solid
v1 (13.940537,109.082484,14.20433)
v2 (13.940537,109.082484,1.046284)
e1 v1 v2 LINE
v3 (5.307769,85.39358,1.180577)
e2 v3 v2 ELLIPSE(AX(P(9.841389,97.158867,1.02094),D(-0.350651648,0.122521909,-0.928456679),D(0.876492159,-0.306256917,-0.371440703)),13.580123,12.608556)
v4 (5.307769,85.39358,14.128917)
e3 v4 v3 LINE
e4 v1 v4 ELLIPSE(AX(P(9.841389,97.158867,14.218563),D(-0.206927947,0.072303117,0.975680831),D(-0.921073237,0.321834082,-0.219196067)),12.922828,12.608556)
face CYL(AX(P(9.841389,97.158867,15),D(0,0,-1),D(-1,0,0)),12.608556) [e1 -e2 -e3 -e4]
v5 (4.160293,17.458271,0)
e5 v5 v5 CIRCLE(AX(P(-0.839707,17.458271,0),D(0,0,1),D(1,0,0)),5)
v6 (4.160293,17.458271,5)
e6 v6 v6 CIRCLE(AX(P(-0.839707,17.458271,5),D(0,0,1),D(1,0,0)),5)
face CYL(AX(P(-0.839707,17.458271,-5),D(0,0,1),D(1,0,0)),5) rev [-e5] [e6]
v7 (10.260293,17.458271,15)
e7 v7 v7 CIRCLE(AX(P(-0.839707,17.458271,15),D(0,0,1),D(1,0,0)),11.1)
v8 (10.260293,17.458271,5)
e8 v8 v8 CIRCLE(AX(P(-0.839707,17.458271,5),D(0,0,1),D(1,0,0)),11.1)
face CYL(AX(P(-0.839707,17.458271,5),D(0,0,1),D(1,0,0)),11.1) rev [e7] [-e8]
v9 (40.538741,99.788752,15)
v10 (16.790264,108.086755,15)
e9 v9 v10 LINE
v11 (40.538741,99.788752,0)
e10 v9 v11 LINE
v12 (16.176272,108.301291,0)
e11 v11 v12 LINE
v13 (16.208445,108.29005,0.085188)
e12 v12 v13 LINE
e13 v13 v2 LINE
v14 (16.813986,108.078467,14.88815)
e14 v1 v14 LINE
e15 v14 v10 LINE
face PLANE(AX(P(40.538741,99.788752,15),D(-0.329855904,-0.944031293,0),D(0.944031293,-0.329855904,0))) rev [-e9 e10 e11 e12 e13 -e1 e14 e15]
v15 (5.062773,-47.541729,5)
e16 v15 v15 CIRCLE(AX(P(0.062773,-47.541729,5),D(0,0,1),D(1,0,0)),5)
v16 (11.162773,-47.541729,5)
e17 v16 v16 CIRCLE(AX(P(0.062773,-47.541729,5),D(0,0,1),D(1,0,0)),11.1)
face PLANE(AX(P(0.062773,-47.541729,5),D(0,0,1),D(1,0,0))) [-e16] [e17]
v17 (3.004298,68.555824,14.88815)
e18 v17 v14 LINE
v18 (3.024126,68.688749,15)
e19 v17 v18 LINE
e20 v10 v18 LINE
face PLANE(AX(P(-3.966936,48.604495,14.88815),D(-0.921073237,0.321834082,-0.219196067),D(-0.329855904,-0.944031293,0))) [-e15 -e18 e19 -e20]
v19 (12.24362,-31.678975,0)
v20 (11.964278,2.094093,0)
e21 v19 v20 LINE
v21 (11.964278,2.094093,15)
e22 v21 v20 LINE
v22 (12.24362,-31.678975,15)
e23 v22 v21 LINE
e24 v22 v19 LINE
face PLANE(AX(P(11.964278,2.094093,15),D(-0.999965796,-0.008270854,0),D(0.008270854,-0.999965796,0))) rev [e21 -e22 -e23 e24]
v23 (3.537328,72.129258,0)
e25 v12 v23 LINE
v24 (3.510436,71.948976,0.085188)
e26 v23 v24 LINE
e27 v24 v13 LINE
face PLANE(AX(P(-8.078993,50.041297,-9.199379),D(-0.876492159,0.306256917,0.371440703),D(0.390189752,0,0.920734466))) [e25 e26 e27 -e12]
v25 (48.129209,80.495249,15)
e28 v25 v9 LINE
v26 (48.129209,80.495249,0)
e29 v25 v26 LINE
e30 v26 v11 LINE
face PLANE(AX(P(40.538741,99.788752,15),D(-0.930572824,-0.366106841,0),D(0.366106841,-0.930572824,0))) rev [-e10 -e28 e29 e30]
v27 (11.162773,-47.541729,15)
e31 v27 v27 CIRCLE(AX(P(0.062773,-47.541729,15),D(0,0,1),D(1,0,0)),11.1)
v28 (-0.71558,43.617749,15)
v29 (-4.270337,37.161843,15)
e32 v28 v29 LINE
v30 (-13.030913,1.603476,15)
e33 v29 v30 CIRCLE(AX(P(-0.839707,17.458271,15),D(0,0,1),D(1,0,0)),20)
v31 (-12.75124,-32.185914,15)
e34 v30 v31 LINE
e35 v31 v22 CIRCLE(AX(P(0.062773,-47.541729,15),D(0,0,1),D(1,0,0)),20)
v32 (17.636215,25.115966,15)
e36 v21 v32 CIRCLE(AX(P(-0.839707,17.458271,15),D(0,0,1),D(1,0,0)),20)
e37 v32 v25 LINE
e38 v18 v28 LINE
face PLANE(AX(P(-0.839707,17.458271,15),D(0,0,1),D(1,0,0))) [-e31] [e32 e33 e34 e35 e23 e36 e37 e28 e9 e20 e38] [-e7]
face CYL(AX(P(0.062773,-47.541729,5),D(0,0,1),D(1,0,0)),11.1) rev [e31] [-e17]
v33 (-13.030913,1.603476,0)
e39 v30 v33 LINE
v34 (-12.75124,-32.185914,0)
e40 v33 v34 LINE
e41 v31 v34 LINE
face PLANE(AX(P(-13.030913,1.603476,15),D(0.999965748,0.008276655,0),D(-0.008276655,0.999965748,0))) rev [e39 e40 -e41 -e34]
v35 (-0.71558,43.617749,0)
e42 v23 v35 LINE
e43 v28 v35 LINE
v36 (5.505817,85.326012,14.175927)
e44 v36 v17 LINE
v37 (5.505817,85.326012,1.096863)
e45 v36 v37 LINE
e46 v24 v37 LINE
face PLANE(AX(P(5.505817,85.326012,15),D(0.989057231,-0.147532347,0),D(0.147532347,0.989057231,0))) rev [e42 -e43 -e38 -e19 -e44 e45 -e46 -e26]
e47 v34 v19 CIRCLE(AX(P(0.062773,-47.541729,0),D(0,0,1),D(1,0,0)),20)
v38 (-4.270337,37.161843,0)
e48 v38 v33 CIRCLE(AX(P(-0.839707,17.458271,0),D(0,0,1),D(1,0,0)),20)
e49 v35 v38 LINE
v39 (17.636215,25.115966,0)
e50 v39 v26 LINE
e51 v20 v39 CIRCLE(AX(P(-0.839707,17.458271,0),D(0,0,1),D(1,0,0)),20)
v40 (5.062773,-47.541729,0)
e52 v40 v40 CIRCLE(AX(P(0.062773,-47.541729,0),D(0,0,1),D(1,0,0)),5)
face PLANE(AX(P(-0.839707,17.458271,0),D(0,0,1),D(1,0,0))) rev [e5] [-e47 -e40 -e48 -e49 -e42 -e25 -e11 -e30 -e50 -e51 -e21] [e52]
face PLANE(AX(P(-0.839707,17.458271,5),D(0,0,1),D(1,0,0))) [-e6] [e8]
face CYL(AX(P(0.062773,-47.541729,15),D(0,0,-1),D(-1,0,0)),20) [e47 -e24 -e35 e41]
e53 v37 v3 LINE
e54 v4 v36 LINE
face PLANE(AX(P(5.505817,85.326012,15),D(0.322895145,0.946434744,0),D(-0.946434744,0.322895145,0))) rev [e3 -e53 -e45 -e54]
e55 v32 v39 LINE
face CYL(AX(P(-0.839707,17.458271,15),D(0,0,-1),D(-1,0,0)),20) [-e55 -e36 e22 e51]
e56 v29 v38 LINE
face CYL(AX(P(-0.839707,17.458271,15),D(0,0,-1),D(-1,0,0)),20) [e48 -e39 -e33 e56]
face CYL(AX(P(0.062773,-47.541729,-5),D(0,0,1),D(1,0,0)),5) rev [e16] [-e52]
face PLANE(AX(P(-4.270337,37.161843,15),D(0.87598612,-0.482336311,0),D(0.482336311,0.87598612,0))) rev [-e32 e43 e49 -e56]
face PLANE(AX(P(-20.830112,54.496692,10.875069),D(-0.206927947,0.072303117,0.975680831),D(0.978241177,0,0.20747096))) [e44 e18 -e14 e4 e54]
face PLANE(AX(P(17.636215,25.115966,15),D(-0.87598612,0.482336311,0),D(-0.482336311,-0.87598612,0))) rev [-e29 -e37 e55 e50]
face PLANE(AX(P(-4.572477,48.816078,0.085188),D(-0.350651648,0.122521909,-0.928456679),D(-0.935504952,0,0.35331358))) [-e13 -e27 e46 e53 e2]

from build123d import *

# Parameters (mm, degrees)
BOSS_EXTRUDE1_DEPTH     = 15
SKETCH2_R               = 11.1
CUT_EXTRUDE1_DEPTH      = 10
SKETCH3_R               = 5
CUT_EXTRUDE2_DEPTH      = 10
CUT_EXTRUDE_THIN3_DEPTH = 63


with BuildPart() as part:
    # Sketch1 → Boss-Extrude1 (new body)
    with BuildSketch(Plane.XY):
        with BuildLine():
            Line((5.505816945, 85.326012217), (5.307768654, 85.393580353))
            ThreePointArc((5.307768654, 85.393580353), (-2.005055015, 101.475976607), (13.940536847, 109.082484312))
            Line((13.940536847, 109.082484312), (40.538740524, 99.7887516))
            Line((40.538740524, 99.7887516), (48.129208704, 80.495248668))
            Line((48.129208704, 80.495248668), (17.636215156, 25.115965593))
            ThreePointArc((17.636215156, 25.115965593), (18.579608232, 12.6739017), (11.964278199, 2.09409296))
            Line((11.964278199, 2.09409296), (12.243619866, -31.678974911))
            ThreePointArc((12.243619866, -31.678974911), (0.468324559, -67.537617109), (-12.751239862, -32.185913949))
            Line((-12.751239862, -32.185913949), (-13.03091257, 1.603476045))
            ThreePointArc((-13.03091257, 1.603476045), (-20.259022529, 22.242640416), (-4.270337109, 37.161843413))
            Line((-4.270337109, 37.161843413), (-0.71558036, 43.617748767))
            Line((-0.71558036, 43.617748767), (5.505816945, 85.326012217))
        make_face()
    extrude(amount=BOSS_EXTRUDE1_DEPTH)

    # Sketch2 → Cut-Extrude1 (cut)
    with BuildSketch(Plane.XY.offset(15)):
        with Locations((-0.839707244, 17.458270673)):
            Circle(SKETCH2_R)
        with Locations((0.062773329, -47.541729327)):
            Circle(SKETCH2_R)
    extrude(amount=-CUT_EXTRUDE1_DEPTH, mode=Mode.SUBTRACT)

    # Sketch3 → Cut-Extrude2 (cut)
    with BuildSketch(Plane.XY.offset(5)):
        with Locations((-0.839707244, 17.458270673)):
            Circle(SKETCH3_R)
        with Locations((0.062773329, -47.541729327)):
            Circle(SKETCH3_R)
    extrude(amount=-CUT_EXTRUDE2_DEPTH, mode=Mode.SUBTRACT)

    # Sketch6 → Cut-Extrude-Thin3 (cut)
    with BuildSketch(Plane(origin=(35.484462303, 101.554777284, 0), x_dir=(0.944031293, -0.329855904, 0), z_dir=(0.329855904, 0.944031293, 0))):
        Polygon((-20.418832703, -0.085187968), (-37.64557492, -6.976961591), (-41.359981954, 2.307605194), (-24.133239737, 9.199378817), align=None)
        Polygon((-37.640333131, -10.87506916), (-19.777391753, -14.888150458), (-21.969352424, -24.644958769), (-39.832293801, -20.631877471), align=None)
    extrude(amount=-CUT_EXTRUDE_THIN3_DEPTH, mode=Mode.SUBTRACT)


solid = part.part
